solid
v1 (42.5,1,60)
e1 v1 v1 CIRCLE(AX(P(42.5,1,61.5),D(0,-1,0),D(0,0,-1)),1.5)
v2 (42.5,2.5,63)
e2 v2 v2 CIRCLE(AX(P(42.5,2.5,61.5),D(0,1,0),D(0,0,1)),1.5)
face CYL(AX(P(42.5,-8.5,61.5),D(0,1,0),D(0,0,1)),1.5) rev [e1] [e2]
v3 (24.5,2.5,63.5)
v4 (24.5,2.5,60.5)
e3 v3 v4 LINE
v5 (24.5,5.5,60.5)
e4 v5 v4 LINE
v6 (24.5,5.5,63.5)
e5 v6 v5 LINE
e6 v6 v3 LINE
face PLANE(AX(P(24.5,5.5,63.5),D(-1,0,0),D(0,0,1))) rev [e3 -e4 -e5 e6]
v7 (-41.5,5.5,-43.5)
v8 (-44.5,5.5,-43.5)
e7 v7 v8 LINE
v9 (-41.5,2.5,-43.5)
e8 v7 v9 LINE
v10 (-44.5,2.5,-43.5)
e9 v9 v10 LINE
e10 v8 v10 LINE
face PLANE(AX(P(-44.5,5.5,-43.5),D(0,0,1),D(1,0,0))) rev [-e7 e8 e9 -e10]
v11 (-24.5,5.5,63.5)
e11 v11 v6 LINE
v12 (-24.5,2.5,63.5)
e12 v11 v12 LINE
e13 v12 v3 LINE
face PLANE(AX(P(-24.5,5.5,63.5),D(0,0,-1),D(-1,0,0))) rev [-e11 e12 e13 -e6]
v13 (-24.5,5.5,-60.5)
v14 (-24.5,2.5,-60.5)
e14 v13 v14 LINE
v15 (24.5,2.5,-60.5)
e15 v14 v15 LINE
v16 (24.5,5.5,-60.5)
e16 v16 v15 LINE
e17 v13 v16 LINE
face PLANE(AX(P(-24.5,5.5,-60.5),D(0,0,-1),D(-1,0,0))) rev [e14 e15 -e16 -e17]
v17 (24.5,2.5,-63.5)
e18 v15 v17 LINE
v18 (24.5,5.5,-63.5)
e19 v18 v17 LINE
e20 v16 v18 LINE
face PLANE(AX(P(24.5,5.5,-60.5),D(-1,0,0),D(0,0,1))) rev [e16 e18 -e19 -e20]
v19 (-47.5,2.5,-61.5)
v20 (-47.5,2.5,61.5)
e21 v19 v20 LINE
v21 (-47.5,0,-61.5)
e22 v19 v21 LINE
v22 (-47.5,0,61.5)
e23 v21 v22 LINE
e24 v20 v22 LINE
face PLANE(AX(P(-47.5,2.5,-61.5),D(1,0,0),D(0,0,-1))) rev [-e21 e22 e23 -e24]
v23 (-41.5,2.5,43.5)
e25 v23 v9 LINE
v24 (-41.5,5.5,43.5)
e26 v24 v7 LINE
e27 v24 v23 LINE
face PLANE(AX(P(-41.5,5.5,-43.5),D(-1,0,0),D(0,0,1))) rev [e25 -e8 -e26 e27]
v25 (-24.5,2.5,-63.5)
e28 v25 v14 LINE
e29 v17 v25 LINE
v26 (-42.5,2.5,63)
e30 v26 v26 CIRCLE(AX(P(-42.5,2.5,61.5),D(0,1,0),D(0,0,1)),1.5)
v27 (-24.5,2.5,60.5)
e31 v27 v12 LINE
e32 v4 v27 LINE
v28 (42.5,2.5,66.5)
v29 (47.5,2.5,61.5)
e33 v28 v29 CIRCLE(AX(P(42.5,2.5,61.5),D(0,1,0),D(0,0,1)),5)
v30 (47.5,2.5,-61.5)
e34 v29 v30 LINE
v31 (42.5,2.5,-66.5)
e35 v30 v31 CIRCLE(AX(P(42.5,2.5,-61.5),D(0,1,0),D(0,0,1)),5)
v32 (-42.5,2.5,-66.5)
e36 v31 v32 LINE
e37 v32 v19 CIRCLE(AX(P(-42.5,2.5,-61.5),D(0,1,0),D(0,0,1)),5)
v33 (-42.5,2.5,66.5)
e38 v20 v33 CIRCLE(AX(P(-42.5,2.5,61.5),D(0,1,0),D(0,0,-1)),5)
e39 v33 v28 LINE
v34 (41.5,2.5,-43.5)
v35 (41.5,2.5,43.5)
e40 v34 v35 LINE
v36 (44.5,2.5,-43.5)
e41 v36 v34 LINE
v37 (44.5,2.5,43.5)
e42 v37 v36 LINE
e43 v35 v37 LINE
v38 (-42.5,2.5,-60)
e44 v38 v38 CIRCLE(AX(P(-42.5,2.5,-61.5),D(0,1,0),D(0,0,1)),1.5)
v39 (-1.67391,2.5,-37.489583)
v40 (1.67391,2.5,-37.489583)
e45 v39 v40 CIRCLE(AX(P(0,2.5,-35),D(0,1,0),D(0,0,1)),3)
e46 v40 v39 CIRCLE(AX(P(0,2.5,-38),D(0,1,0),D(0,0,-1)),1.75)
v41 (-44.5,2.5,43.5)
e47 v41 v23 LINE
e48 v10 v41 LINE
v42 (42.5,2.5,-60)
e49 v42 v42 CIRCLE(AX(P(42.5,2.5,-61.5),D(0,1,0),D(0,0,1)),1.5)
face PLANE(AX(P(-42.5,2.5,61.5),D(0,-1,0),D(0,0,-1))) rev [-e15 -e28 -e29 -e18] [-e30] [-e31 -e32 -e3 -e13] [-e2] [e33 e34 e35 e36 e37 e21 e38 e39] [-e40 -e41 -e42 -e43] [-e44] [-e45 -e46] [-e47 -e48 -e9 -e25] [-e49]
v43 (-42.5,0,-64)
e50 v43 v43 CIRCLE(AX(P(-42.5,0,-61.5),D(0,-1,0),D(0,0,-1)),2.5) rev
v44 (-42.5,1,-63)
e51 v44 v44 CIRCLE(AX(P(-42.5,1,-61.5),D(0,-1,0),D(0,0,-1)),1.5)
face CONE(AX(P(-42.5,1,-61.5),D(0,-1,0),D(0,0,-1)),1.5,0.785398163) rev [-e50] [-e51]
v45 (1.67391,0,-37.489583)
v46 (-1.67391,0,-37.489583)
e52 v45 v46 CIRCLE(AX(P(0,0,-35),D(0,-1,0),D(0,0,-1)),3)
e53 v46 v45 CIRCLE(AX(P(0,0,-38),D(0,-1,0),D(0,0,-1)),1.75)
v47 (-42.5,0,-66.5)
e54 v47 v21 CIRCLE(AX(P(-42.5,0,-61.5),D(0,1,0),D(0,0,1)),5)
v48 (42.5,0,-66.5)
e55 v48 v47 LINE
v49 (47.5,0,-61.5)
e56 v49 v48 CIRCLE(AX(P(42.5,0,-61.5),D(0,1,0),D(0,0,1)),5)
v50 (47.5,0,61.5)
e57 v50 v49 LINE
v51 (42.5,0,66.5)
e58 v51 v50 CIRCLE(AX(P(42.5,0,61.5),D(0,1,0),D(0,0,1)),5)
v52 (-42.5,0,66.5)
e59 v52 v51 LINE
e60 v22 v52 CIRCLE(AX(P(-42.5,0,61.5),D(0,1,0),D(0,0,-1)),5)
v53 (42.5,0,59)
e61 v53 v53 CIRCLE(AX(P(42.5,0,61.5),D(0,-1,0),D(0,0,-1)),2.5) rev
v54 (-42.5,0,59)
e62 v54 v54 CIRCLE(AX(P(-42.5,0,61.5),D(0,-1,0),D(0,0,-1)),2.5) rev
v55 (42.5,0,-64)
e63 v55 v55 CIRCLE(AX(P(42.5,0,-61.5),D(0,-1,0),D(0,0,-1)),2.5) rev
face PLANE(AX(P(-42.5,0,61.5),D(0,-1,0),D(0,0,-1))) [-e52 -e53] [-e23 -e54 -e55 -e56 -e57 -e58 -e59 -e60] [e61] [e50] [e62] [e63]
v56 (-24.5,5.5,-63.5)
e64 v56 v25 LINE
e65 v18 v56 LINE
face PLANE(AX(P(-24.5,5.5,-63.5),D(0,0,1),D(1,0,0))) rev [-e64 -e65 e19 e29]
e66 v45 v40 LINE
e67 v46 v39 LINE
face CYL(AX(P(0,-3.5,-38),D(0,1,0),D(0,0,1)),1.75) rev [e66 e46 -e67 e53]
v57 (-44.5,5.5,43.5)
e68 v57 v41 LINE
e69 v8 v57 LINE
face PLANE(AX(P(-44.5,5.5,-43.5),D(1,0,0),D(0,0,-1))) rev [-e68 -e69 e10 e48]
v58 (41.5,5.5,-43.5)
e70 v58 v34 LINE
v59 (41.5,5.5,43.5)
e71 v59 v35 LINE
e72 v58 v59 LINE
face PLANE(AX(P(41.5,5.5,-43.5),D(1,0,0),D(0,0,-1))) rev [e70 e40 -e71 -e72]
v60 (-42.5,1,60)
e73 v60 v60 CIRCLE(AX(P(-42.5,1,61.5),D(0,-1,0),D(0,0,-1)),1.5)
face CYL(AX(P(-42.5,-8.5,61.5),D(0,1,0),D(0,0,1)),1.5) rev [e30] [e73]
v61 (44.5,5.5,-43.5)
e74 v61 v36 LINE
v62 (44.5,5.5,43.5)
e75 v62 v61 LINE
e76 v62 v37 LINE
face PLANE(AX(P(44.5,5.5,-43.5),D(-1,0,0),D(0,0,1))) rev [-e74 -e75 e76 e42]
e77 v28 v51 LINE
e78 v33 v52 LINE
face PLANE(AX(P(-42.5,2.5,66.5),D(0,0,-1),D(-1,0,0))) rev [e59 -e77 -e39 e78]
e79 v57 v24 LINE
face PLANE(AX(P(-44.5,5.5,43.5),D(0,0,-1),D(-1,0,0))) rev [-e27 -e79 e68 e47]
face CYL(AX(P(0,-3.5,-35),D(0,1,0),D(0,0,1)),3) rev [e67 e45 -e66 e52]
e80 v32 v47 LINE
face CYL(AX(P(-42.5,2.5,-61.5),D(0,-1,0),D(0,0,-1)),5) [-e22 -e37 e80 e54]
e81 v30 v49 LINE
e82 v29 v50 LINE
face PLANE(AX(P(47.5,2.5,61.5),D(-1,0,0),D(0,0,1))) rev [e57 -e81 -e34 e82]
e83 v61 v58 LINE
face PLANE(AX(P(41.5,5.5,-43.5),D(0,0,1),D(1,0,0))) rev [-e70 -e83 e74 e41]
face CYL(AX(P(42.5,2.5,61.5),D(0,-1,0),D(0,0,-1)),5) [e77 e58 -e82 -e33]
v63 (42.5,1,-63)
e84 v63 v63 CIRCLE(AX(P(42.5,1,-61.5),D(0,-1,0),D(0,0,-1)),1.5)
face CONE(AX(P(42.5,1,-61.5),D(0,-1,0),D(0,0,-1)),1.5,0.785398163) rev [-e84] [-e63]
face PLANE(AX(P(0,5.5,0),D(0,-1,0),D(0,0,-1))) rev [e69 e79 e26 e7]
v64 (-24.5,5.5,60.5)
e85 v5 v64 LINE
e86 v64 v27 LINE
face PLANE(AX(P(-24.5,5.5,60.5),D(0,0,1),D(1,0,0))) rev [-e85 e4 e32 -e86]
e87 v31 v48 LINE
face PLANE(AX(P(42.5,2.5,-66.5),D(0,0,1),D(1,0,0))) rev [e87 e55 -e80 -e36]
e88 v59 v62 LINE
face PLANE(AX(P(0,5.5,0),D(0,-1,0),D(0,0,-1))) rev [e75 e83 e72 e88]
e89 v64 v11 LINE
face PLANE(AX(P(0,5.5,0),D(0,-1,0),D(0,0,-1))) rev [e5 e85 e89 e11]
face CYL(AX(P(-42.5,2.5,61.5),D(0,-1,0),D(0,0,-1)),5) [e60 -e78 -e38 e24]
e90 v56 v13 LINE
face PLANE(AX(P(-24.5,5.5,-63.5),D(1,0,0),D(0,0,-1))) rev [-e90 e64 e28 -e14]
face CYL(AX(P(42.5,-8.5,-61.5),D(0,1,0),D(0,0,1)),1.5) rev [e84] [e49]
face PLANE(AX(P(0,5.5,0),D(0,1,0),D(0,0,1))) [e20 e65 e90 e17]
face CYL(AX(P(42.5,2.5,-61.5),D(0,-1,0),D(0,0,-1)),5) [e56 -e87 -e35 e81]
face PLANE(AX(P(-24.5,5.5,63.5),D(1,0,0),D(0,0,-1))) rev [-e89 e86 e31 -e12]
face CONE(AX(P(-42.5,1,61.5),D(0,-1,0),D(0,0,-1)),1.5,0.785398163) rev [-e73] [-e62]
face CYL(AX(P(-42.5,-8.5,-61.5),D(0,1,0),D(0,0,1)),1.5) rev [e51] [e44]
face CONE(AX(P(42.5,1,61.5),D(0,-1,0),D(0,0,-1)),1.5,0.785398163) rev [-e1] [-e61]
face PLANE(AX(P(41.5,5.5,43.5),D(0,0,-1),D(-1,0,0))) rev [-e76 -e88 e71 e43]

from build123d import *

# Parameters (mm, degrees)
EXTRUDE_1_DEPTH     = 2.5
SKETCH_2_R          = 1.5
CUT_EXTRUDE_1_DEPTH = 11
SKETCH_3_W          = 49
SKETCH_3_H          = 3
SKETCH_3_W_2        = 3
SKETCH_3_H_2        = 87
EXTRUDE_2_DEPTH     = 3
CUT_EXTRUDE_2_DEPTH = 6
CHAMFER_1_SIZE      = 1


with BuildPart() as part:
    # Эскиз1 → Бобышка-Вытянуть1 (new body)
    with BuildSketch(Plane(origin=(0, 0, 0), x_dir=(1, 0, 0), z_dir=(0, 1, 0))):
        with BuildLine():
            Line((-42.5, -66.5), (42.5, -66.5))
            ThreePointArc((42.5, -66.5), (46.035533906, -65.035533906), (47.5, -61.5))
            Line((47.5, -61.5), (47.5, 61.5))
            ThreePointArc((47.5, 61.5), (46.035533906, 65.035533906), (42.5, 66.5))
            Line((42.5, 66.5), (-42.5, 66.5))
            ThreePointArc((-42.5, 66.5), (-46.035533906, 65.035533906), (-47.5, 61.5))
            Line((-47.5, 61.5), (-47.5, -61.5))
            ThreePointArc((-47.5, -61.5), (-46.035533906, -65.035533906), (-42.5, -66.5))
        make_face()
    extrude(amount=EXTRUDE_1_DEPTH)

    # Эскиз2 → Вырез-Вытянуть1 (cut)
    with BuildSketch(Plane(origin=(0, 2.5, 0), x_dir=(1, 0, 0), z_dir=(0, 1, 0))):
        with Locations((-42.5, 61.5)):
            Circle(SKETCH_2_R)
        with Locations((42.5, 61.5)):
            Circle(SKETCH_2_R)
        with Locations((42.5, -61.5)):
            Circle(SKETCH_2_R)
        with Locations((-42.5, -61.5)):
            Circle(SKETCH_2_R)
    extrude(amount=-CUT_EXTRUDE_1_DEPTH, mode=Mode.SUBTRACT)

    # Эскиз3 → Бобышка-Вытянуть2 (add)
    with BuildSketch(Plane(origin=(0, 2.5, 0), x_dir=(1, 0, 0), z_dir=(0, 1, 0))):
        with Locations((0, 62)):
            Rectangle(SKETCH_3_W, SKETCH_3_H)
        with Locations((0, -62)):
            Rectangle(SKETCH_3_W, SKETCH_3_H)
        with Locations((-43, 0)):
            Rectangle(SKETCH_3_W_2, SKETCH_3_H_2)
        with Locations((43, 0)):
            Rectangle(SKETCH_3_W_2, SKETCH_3_H_2)
    extrude(amount=EXTRUDE_2_DEPTH)

    # Эскиз4 → Вырез-Вытянуть2 (cut)
    with BuildSketch(Plane(origin=(0, 2.5, 0), x_dir=(1, 0, 0), z_dir=(0, 1, 0))):
        with BuildLine():
            ThreePointArc((-1.673910041, 37.489583333), (0, 39.75), (1.673910041, 37.489583333))
            ThreePointArc((1.673910041, 37.489583333), (0, 32), (-1.673910041, 37.489583333))
        make_face()
    extrude(amount=-CUT_EXTRUDE_2_DEPTH, mode=Mode.SUBTRACT)

    # Фаска1
    chamfer_1_edges = [part.edges().sort_by_distance(p)[0] for p in [
        (-44, 0, 61.5),
        (41, 0, 61.5),
        (41, 0, -61.5),
        (-44, 0, -61.5),
    ]]
    chamfer(chamfer_1_edges, length=CHAMFER_1_SIZE)


solid = part.part
